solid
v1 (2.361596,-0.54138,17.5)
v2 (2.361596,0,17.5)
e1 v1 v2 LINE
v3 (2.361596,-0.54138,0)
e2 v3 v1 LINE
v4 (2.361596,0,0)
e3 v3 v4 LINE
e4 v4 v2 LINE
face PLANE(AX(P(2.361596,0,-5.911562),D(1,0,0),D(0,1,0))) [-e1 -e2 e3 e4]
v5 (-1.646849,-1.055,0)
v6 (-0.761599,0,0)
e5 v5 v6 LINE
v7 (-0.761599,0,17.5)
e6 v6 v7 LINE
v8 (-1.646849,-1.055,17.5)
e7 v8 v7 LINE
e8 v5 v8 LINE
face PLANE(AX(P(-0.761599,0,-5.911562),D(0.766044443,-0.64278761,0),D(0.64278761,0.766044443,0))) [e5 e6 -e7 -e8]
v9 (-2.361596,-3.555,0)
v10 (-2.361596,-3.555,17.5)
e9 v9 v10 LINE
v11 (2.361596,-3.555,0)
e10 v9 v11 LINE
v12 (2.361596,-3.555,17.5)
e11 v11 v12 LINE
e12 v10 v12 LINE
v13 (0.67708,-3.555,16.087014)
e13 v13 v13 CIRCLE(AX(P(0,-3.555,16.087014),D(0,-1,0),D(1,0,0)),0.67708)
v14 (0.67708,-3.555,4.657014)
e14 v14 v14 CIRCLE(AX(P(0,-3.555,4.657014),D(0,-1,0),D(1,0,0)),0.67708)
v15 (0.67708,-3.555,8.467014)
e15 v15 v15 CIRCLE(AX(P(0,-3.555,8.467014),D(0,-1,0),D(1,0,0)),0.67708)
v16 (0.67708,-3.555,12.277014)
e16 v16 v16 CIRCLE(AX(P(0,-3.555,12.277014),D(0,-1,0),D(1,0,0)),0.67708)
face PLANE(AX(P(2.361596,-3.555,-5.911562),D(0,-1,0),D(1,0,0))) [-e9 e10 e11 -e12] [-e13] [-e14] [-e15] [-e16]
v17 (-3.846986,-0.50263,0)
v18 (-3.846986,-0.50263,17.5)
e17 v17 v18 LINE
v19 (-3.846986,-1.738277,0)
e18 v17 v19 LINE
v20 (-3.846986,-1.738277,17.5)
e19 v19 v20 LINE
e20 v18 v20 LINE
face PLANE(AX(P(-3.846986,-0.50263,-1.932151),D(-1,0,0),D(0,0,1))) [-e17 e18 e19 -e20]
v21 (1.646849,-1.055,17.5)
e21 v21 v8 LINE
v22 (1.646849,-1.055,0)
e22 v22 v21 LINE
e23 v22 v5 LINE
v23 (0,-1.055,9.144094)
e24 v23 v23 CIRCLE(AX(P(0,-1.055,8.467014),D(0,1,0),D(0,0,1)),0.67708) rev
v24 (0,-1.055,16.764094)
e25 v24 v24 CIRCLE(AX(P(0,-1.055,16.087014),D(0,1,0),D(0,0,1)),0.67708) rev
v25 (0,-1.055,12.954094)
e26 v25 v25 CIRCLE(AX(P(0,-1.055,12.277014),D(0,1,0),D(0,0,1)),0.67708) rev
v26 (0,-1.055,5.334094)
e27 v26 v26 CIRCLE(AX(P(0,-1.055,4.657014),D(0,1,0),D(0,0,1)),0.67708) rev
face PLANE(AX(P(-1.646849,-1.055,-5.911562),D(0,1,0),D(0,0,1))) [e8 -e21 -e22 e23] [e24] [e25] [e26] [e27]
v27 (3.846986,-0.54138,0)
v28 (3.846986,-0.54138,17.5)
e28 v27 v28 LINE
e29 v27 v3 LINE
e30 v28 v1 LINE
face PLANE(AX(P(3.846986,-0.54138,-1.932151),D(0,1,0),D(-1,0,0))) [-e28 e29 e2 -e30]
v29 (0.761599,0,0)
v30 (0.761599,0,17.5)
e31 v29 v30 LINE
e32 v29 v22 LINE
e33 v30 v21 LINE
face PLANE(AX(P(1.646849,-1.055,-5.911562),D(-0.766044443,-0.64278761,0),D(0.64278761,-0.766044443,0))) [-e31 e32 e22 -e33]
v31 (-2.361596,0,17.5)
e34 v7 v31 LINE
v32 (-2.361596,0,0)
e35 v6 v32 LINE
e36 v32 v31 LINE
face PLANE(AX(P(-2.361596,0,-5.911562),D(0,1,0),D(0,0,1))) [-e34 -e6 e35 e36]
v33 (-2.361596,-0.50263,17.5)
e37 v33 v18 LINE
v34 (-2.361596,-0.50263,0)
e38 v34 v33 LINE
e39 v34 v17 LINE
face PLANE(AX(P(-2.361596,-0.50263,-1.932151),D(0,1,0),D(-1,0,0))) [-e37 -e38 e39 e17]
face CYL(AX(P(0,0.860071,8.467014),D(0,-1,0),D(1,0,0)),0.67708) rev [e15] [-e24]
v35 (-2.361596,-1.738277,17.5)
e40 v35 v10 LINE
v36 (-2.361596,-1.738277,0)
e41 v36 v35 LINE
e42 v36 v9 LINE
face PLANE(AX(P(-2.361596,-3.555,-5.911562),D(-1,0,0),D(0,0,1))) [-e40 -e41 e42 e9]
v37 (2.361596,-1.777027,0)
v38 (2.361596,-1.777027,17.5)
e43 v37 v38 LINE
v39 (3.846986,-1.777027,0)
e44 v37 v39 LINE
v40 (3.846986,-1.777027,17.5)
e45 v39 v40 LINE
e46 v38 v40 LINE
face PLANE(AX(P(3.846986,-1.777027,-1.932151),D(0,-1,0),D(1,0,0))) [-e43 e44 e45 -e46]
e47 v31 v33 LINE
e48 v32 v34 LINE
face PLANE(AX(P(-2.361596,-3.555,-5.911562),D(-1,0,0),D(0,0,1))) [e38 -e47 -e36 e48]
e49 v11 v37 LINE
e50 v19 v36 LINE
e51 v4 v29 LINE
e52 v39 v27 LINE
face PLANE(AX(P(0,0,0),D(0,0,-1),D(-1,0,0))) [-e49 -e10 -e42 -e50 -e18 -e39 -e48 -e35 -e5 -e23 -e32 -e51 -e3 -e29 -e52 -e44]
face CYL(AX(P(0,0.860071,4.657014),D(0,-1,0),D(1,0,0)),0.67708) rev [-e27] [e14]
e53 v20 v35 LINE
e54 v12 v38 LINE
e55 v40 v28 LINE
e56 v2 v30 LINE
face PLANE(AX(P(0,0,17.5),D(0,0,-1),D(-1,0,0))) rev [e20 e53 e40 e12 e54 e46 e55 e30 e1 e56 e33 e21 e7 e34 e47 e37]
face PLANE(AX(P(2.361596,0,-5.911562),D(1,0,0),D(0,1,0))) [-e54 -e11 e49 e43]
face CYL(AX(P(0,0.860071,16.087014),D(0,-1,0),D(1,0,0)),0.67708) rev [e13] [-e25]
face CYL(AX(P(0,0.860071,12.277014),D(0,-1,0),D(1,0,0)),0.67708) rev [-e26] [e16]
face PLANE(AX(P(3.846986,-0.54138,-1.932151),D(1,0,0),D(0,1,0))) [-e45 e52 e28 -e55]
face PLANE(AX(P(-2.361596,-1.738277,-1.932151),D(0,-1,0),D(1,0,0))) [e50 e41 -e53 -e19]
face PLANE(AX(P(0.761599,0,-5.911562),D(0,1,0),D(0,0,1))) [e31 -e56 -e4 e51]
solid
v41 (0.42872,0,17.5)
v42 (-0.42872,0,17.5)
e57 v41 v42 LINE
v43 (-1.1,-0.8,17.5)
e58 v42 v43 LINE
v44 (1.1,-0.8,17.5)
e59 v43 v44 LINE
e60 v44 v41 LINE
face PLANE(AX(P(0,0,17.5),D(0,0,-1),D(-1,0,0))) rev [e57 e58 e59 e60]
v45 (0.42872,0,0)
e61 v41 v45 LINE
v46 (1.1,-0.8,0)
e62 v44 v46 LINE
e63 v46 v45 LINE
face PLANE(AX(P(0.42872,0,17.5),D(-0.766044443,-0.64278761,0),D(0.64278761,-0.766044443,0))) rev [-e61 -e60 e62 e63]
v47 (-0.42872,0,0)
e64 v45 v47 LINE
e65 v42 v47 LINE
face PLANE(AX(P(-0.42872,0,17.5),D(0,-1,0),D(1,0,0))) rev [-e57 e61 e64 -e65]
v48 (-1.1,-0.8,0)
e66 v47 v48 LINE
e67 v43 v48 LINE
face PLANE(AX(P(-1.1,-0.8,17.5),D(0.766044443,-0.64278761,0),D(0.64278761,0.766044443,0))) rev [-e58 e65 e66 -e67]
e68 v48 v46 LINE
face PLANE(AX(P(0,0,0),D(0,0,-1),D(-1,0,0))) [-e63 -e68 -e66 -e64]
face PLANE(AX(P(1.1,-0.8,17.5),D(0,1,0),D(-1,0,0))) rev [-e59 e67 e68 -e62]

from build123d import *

# Parameters (mm, degrees)
BOSS_EXTRUDE1_DEPTH = 17.5
BOSS_EXTRUDE2_DEPTH = 17.5
SKETCH5_W           = 1.485390476
SKETCH5_H           = 1.235647008
BOSS_EXTRUDE3_DEPTH = 17.5
SKETCH6_R           = 0.677079947
CUT_EXTRUDE1_DEPTH  = 2.50000008


with BuildPart() as part:
    # Sketch1 → Boss-Extrude1 (new body)
    with BuildSketch(Plane.XY):
        Polygon((-0.428720295, 0), (0.428720295, 0), (1.1, -0.8), (-1.1, -0.8), align=None)
    extrude(amount=BOSS_EXTRUDE1_DEPTH)


with BuildPart() as body_2:
    # Sketch4 → Boss-Extrude2 (new body)
    with BuildSketch(Plane.XY.offset(17.5)):
        Polygon((-0.761599151, 0), (-1.64684926, -1.054999998), (1.64684926, -1.054999998), (0.761599151, 0), (2.361595951, 0), (2.361595951, -3.555000078), (-2.361595951, -3.555000078), (-2.361595951, 0), align=None)
    extrude(amount=-BOSS_EXTRUDE2_DEPTH)

    # Sketch5 → Boss-Extrude3 (add)
    with BuildSketch(Plane.XY.offset(17.5)):
        with Locations((-3.104291189, -1.120453231)):
            Rectangle(SKETCH5_W, SKETCH5_H)
        with Locations((3.104291189, -1.159203088)):
            Rectangle(SKETCH5_W, SKETCH5_H)
    extrude(amount=-BOSS_EXTRUDE3_DEPTH)

    # Sketch6 → Cut-Extrude1 (cut)
    with BuildSketch(Plane.XZ.offset(3.555000078)):
        with Locations((0, 16.087014181)):
            Circle(SKETCH6_R)
        with Locations((0, 12.277014181)):
            Circle(SKETCH6_R)
        with Locations((0, 8.467014181)):
            Circle(SKETCH6_R)
        with Locations((0, 4.657014181)):
            Circle(SKETCH6_R)
    extrude(amount=-CUT_EXTRUDE1_DEPTH, mode=Mode.SUBTRACT)


solid = Compound([part.part, body_2.part])
